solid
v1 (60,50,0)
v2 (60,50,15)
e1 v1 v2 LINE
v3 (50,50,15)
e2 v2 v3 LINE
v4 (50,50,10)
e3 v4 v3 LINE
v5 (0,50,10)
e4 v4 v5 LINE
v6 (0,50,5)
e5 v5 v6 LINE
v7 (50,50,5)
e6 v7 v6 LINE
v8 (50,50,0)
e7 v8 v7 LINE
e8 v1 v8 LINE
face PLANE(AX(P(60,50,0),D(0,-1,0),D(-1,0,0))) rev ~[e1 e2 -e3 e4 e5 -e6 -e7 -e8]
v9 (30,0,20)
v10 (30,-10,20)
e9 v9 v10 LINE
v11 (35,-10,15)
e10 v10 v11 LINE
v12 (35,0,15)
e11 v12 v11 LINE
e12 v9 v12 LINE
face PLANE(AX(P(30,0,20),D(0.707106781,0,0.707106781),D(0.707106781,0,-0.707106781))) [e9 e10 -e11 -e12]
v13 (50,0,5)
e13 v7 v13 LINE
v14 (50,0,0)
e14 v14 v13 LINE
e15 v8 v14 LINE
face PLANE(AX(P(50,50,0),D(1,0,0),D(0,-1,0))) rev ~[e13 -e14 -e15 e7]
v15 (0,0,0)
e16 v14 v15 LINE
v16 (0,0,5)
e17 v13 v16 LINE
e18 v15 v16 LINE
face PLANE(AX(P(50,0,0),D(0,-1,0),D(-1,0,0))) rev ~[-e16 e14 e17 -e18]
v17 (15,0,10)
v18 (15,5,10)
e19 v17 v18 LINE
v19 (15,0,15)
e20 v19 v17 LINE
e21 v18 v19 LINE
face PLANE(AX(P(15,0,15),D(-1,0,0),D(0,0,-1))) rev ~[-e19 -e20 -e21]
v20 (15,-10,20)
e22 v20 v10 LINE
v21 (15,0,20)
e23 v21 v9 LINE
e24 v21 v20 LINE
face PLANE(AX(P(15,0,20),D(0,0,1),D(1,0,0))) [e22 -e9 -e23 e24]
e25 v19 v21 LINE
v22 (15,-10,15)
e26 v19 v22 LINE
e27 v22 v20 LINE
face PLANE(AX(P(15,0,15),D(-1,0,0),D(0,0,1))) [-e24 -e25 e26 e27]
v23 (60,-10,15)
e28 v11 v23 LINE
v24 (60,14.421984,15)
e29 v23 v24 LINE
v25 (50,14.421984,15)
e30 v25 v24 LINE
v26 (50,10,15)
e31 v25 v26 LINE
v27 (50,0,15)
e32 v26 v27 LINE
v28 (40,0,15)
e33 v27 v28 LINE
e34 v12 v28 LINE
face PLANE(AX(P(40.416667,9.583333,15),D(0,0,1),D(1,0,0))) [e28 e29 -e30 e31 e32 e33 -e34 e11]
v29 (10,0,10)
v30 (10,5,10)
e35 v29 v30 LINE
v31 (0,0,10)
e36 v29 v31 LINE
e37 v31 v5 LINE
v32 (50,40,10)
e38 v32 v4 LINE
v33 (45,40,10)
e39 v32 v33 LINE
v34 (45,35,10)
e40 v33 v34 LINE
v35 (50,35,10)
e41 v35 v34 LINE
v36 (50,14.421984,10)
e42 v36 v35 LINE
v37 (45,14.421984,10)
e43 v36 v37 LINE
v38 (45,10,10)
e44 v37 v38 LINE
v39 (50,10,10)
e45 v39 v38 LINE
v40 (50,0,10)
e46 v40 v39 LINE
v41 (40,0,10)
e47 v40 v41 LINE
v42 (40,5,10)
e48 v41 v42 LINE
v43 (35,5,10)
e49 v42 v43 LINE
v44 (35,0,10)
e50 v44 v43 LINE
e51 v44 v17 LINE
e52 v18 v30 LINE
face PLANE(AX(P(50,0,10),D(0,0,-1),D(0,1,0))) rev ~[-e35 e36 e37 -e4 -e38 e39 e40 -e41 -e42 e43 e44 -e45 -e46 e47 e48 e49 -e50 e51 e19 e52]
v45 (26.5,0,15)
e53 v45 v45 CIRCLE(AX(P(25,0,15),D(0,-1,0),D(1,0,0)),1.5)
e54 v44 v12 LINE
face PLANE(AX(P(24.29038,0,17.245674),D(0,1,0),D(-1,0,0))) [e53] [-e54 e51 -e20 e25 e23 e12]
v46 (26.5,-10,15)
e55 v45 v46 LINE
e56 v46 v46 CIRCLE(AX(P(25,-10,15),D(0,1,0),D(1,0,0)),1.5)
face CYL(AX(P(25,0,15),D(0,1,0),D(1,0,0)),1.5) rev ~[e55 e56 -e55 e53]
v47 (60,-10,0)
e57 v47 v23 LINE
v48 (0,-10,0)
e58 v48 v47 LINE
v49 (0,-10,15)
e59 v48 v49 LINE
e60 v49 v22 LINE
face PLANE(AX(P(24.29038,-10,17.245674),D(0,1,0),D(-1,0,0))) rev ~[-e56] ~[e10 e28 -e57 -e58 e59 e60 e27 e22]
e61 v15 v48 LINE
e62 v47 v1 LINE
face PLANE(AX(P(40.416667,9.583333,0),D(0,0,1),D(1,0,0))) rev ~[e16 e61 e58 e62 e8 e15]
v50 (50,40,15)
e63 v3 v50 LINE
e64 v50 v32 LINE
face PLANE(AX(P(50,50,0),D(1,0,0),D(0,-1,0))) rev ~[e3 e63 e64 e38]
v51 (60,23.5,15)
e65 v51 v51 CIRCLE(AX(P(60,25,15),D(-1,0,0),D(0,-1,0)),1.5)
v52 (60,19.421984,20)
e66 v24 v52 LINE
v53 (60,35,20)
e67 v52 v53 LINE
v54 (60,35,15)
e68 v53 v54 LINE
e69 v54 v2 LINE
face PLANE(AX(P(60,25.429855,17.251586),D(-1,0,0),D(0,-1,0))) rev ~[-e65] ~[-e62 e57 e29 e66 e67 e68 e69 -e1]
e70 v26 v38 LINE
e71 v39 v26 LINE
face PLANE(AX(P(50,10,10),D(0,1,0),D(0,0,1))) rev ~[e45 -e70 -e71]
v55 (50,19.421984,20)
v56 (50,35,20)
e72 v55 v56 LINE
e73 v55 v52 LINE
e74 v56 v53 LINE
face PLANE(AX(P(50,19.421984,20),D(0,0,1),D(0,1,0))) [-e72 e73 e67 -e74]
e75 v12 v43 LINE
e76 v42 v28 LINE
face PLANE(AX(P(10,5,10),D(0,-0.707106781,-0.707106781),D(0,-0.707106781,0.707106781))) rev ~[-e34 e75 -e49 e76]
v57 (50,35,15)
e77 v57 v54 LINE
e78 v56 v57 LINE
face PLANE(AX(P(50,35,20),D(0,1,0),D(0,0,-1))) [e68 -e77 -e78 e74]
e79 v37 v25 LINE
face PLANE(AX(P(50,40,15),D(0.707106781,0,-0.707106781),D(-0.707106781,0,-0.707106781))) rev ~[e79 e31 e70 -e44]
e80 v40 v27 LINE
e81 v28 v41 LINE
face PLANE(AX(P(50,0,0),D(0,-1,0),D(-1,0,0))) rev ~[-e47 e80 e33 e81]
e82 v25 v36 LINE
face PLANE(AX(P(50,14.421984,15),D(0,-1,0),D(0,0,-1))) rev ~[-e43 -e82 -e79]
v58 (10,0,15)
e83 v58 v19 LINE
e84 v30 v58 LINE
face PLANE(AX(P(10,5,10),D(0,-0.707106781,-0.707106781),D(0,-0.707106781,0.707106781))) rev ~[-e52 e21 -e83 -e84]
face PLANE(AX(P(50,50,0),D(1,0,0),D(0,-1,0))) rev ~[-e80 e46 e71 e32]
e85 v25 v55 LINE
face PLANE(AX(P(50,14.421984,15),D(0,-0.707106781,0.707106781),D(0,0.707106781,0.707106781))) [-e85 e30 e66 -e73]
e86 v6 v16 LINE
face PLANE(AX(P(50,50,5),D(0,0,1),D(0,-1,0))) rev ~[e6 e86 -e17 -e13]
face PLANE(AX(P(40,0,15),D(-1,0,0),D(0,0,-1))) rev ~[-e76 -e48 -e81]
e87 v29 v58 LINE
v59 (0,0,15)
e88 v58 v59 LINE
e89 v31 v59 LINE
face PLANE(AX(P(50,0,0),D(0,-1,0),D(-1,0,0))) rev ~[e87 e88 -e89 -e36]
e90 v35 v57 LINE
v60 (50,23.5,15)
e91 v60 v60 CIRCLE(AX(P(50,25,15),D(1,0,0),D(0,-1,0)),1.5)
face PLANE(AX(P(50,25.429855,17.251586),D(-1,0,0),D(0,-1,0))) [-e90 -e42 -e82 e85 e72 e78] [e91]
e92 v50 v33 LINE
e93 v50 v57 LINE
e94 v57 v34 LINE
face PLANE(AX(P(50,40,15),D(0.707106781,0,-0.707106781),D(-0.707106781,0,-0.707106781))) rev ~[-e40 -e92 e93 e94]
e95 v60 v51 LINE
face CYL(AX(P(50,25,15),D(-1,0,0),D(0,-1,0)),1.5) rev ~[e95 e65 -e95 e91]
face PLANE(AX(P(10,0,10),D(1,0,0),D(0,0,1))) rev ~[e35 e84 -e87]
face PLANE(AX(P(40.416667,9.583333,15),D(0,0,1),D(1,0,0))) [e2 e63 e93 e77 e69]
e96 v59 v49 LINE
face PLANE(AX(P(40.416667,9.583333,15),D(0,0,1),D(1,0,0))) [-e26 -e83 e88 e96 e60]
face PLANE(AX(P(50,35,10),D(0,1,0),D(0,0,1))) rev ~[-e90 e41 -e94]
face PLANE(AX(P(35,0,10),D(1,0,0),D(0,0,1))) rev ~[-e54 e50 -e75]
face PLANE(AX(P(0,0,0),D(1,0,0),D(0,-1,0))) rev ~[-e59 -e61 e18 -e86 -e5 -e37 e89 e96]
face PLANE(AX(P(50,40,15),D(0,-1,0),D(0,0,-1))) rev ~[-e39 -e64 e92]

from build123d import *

# Parameters (mm, degrees)
F1_DEPTH  = 15
F3_DEPTH  = 50
F4_DEPTH  = 5
F6_DEPTH  = 34.1
F8_DEPTH  = 5
F10_DEPTH = 37.3
F11_DEPTH = 10
F12_DEPTH = 10
F13_DEPTH = 25
F14_DEPTH = 25


with BuildPart() as f1:
    # F0 (on Top) → F1 (new body)
    with BuildSketch(Plane.XY):
        Polygon((50, 0), (0, 0), (0, -10), (60, -10), (60, 50), (50, 50), align=None)
    extrude(amount=F1_DEPTH)

    # F2 (on face) → F3 (join)
    with BuildSketch(Plane(origin=(50, 0, 0), x_dir=(0, -1, 0), z_dir=(-1, 0, 0))):
        Polygon((-50, 10), (-50, 5), (0, 5), (0, 10), (-10, 10), (-14.4219835103, 10), (-35, 10), (-40, 10), align=None)
    extrude(amount=F3_DEPTH)

    # F2 (on face) → F4 (join)
    with BuildSketch(Plane(origin=(50, 0, 0), x_dir=(0, -1, 0), z_dir=(-1, 0, 0))):
        Polygon((-40, 15), (-40, 10), (-35, 10), (-35, 15), (-37.5, 15), align=None)
        Polygon((-14.4219835103, 10), (-10, 10), (-10, 15), (-12.5, 15), (-14.4219835103, 15), align=None)
    extrude(amount=F4_DEPTH)

    # F5 (on face) → F6 (cut)
    with BuildSketch(Plane(origin=(0, 40, 0), x_dir=(-1, 0, 0), z_dir=(0, 1, 0))):
        Polygon((-45, 15), (-50, 15), (-45, 10), align=None)
    extrude(amount=-F6_DEPTH, mode=Mode.SUBTRACT)

    # F7 (on face) → F8 (join)
    with BuildSketch(Plane(origin=(0, 0, 0), x_dir=(-1, 0, 0), z_dir=(0, 1, 0))):
        Polygon((-40, 15), (-40, 10), (-35, 10), (-35, 15), (-37.5, 15), align=None)
        Polygon((-15, 15), (-15, 10), (-10, 10), (-10, 15), (-12.5, 15), align=None)
    extrude(amount=F8_DEPTH)

    # F9 (on face) → F10 (cut)
    with BuildSketch(Plane(origin=(10, 0, 0), x_dir=(0, -1, 0), z_dir=(-1, 0, 0))):
        Polygon((-5, 15), (-5, 10), (0, 15), align=None)
    extrude(amount=-F10_DEPTH, mode=Mode.SUBTRACT)

    # F2 (on face) → F11 (join)
    with BuildSketch(Plane(origin=(50, 0, 0), x_dir=(0, -1, 0), z_dir=(-1, 0, 0))):
        with BuildLine():
            Line((-35, 20), (-35, 15))
            Line((-35, 15), (-26.5, 15))
            ThreePointArc((-26.5, 15), (-25, 16.5), (-23.5, 15))
            Line((-23.5, 15), (-14.4219835103, 15))
            Line((-14.4219835103, 15), (-19.4219835103, 20))
            Line((-19.4219835103, 20), (-35, 20))
        make_face()
    extrude(amount=-F11_DEPTH)

    # F7 (on face) → F12 (join)
    with BuildSketch(Plane(origin=(0, 0, 0), x_dir=(-1, 0, 0), z_dir=(0, 1, 0))):
        with BuildLine():
            Line((-30, 20), (-35, 15))
            Line((-35, 15), (-26.5, 15))
            ThreePointArc((-26.5, 15), (-25, 16.5), (-23.5, 15))
            Line((-23.5, 15), (-15, 15))
            Line((-15, 15), (-15, 20))
            Line((-15, 20), (-30, 20))
        make_face()
    extrude(amount=-F12_DEPTH)

    # F2 (on face) → F13 (cut)
    with BuildSketch(Plane(origin=(50, 0, 0), x_dir=(0, -1, 0), z_dir=(-1, 0, 0))):
        with BuildLine():
            Line((-23.5, 15), (-26.5, 15))
            ThreePointArc((-26.5, 15), (-25, 13.5), (-23.5, 15))
        make_face()
        with BuildLine():
            ThreePointArc((-23.5, 15), (-25, 16.5), (-26.5, 15))
            Line((-26.5, 15), (-23.5, 15))
        make_face()
    extrude(amount=-F13_DEPTH, mode=Mode.SUBTRACT)

    # F7 (on face) → F14 (cut)
    with BuildSketch(Plane(origin=(0, 0, 0), x_dir=(-1, 0, 0), z_dir=(0, 1, 0))):
        with BuildLine():
            ThreePointArc((-23.5, 15), (-25, 16.5), (-26.5, 15))
            Line((-26.5, 15), (-23.5, 15))
        make_face()
        with BuildLine():
            Line((-23.5, 15), (-26.5, 15))
            ThreePointArc((-26.5, 15), (-25, 13.5), (-23.5, 15))
        make_face()
    extrude(amount=-F14_DEPTH, mode=Mode.SUBTRACT)


solid = f1.part
